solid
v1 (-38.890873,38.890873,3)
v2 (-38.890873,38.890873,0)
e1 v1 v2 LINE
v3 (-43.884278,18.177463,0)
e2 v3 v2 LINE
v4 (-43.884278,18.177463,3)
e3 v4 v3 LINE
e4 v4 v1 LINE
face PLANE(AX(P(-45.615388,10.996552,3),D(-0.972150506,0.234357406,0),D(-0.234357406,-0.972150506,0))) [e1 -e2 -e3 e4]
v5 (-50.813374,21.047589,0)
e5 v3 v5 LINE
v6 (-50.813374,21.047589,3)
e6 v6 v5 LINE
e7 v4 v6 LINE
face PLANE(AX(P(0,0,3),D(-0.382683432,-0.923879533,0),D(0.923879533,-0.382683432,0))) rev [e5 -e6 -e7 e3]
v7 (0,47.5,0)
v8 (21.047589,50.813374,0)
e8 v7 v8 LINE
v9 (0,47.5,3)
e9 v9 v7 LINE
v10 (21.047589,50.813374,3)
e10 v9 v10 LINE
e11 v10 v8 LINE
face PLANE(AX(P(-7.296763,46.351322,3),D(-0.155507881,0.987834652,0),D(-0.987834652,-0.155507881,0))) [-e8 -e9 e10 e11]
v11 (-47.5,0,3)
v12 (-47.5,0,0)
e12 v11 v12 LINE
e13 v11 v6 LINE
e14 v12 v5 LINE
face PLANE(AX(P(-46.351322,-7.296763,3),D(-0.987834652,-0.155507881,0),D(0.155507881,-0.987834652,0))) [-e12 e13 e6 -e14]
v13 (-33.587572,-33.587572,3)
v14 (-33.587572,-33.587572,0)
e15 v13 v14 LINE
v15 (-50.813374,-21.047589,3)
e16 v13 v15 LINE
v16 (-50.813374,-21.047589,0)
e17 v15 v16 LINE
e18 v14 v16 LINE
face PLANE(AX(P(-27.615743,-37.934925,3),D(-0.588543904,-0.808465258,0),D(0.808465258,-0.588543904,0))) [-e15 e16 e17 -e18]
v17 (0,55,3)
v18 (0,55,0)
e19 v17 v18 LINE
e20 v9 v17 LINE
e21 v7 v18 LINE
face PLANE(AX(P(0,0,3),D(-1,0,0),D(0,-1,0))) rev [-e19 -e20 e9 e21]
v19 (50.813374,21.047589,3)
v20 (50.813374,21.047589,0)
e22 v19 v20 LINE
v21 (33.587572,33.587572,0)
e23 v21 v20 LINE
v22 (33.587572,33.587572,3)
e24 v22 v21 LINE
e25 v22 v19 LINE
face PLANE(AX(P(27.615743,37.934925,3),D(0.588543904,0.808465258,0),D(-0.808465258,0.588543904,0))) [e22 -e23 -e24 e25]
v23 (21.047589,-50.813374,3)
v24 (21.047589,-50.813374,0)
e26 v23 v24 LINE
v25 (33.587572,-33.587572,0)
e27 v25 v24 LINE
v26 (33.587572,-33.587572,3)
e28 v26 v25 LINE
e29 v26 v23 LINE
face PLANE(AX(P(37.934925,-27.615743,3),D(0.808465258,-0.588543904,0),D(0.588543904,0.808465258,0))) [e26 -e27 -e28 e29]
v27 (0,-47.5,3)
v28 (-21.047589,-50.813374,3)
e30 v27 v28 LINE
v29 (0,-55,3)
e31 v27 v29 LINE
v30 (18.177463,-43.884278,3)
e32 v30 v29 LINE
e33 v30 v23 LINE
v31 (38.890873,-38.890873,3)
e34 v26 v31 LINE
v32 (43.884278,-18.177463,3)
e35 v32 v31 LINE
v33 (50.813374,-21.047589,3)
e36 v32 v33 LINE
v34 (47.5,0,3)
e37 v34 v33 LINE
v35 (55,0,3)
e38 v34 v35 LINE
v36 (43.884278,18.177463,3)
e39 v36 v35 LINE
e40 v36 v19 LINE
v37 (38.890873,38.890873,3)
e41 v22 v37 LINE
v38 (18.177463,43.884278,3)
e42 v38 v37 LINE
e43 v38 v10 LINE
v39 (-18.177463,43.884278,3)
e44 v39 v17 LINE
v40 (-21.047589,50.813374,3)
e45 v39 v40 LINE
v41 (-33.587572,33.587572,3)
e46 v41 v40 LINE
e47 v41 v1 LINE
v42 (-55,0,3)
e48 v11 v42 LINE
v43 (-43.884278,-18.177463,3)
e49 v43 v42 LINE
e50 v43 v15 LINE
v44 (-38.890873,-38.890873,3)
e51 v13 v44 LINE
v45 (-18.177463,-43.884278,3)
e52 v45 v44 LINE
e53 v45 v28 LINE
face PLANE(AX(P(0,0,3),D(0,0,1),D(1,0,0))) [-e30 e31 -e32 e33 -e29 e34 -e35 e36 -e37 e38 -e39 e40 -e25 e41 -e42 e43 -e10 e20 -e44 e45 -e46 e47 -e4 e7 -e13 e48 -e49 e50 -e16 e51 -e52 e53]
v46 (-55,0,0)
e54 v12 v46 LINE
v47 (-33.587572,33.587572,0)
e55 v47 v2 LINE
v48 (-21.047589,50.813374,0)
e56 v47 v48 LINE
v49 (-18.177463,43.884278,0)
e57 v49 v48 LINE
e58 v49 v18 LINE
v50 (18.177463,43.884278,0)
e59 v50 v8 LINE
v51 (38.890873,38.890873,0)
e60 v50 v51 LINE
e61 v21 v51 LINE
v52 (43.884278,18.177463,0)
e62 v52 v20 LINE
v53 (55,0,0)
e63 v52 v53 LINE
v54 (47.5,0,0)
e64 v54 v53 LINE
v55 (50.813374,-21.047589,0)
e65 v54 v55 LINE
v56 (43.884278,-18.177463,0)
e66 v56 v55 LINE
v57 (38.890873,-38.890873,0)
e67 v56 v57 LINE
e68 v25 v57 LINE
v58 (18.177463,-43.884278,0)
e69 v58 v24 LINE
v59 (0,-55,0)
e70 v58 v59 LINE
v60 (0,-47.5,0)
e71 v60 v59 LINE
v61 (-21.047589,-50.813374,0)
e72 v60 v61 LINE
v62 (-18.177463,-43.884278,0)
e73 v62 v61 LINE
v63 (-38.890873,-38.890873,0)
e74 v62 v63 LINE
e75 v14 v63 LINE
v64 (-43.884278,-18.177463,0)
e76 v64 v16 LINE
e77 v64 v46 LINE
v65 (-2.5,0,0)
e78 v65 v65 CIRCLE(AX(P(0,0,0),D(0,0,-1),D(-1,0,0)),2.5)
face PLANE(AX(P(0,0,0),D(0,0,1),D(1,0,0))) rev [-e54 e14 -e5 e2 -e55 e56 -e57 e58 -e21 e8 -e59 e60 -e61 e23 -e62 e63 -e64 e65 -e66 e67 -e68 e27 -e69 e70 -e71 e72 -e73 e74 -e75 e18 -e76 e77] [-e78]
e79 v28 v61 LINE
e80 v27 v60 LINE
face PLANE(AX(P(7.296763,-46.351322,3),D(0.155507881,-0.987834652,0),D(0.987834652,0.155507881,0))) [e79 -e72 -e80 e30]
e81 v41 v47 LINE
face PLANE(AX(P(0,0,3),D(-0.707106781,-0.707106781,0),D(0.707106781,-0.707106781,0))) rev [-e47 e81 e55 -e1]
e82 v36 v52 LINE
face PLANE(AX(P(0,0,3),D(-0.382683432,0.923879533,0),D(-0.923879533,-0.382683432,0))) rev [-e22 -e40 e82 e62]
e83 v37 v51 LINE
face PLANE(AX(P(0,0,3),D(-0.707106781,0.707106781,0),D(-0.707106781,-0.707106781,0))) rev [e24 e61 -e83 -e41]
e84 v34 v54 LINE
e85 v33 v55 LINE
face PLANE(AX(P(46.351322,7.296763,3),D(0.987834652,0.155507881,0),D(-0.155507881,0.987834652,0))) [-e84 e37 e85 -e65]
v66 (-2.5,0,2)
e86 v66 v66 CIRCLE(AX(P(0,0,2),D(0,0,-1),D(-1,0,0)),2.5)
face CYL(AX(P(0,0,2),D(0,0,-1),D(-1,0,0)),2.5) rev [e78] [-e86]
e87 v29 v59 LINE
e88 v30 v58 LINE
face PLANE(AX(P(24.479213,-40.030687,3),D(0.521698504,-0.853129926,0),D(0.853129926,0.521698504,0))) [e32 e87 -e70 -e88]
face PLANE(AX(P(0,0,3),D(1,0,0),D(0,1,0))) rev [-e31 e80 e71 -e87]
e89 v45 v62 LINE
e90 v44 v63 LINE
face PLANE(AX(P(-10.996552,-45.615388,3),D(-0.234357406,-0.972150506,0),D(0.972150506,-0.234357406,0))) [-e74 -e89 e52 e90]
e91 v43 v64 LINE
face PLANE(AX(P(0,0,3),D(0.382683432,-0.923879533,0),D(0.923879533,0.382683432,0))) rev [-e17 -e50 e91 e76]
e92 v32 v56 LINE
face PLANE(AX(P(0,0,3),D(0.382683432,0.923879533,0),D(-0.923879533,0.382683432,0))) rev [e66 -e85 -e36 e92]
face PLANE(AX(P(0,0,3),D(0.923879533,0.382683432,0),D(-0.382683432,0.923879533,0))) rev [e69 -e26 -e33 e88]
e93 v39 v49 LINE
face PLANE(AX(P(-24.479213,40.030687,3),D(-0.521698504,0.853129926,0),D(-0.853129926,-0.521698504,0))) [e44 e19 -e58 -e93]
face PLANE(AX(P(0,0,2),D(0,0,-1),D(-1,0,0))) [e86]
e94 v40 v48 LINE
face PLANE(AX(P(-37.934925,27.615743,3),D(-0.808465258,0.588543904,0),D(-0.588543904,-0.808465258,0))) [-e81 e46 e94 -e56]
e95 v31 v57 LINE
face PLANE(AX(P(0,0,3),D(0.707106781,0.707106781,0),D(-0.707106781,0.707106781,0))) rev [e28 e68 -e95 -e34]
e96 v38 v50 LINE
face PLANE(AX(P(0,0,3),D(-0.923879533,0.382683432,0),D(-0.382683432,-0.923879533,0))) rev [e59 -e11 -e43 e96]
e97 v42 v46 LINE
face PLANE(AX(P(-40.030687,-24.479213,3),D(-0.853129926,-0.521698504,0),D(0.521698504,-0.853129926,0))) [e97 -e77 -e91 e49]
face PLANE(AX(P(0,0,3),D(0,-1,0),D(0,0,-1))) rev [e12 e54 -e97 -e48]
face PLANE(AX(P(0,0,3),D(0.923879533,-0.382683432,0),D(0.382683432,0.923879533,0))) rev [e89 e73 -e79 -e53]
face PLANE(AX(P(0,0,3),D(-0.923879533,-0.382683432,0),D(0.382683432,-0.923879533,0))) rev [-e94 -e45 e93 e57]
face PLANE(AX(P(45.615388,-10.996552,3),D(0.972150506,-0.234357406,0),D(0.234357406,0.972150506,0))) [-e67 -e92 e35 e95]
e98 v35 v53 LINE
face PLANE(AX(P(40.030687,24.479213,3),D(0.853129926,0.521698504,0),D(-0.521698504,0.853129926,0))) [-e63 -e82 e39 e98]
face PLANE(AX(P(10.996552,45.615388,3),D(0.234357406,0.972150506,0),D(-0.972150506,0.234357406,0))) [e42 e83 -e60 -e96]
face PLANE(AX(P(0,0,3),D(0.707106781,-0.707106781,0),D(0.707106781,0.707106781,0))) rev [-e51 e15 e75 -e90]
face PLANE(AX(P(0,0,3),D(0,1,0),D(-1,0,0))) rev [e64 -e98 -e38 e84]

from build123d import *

# Parameters (mm, degrees)
SKETCH1_R           = 55
BOSS_EXTRUDE1_DEPTH = 3
CUT_EXTRUDE1_DEPTH  = 3
SKETCH3_R           = 2.5
CUT_EXTRUDE2_DEPTH  = 2


with BuildPart() as part:
    # Sketch1 → Boss-Extrude1 (new body)
    with BuildSketch(Plane.XY):
        Circle(SKETCH1_R)
    extrude(amount=BOSS_EXTRUDE1_DEPTH)

    # Sketch2 → Cut-Extrude1 (cut)
    with BuildSketch(Plane(origin=(0, 0, 0), x_dir=(-1, 0, 0), z_dir=(0, 0, -1))):
        with BuildLine():
            Line((43.884277794, 18.177463037), (50.813374288, 21.04758878))
            ThreePointArc((50.813374288, 21.04758878), (45.730828677, 30.556362816), (38.890872965, 38.890872965))
            Line((38.890872965, 38.890872965), (43.884277794, 18.177463037))
        make_face()
        with BuildLine():
            Line((33.587572106, 33.587572106), (38.890872965, 38.890872965))
            ThreePointArc((38.890872965, 38.890872965), (30.556362816, 45.730828677), (21.04758878, 50.813374288))
            Line((21.04758878, 50.813374288), (33.587572106, 33.587572106))
        make_face()
        with BuildLine():
            Line((18.177463037, 43.884277794), (21.04758878, 50.813374288))
            ThreePointArc((21.04758878, 50.813374288), (10.729967711, 53.943190422), (0, 55))
            Line((0, 55), (18.177463037, 43.884277794))
        make_face()
        with BuildLine():
            Line((0, 47.5), (0, 55))
            ThreePointArc((0, 55), (-10.729967711, 53.943190422), (-21.04758878, 50.813374288))
            Line((-21.04758878, 50.813374288), (0, 47.5))
        make_face()
        with BuildLine():
            Line((-18.177463037, 43.884277794), (-21.04758878, 50.813374288))
            ThreePointArc((-21.04758878, 50.813374288), (-30.556362816, 45.730828677), (-38.890872965, 38.890872965))
            Line((-38.890872965, 38.890872965), (-18.177463037, 43.884277794))
        make_face()
        with BuildLine():
            Line((-33.587572106, 33.587572106), (-38.890872965, 38.890872965))
            ThreePointArc((-38.890872965, 38.890872965), (-45.730828677, 30.556362816), (-50.813374288, 21.04758878))
            Line((-50.813374288, 21.04758878), (-33.587572106, 33.587572106))
        make_face()
        with BuildLine():
            Line((-43.884277794, 18.177463037), (-50.813374288, 21.04758878))
            ThreePointArc((-50.813374288, 21.04758878), (-53.943190422, 10.729967711), (-55, 0))
            Line((-55, 0), (-43.884277794, 18.177463037))
        make_face()
        with BuildLine():
            ThreePointArc((-55, 0), (-53.943190422, -10.729967711), (-50.813374288, -21.04758878))
            Line((-50.813374288, -21.04758878), (-47.5, 0))
            Line((-47.5, 0), (-55, 0))
        make_face()
        with BuildLine():
            ThreePointArc((-50.813374288, -21.04758878), (-45.730828677, -30.556362816), (-38.890872965, -38.890872965))
            Line((-38.890872965, -38.890872965), (-43.884277794, -18.177463037))
            Line((-43.884277794, -18.177463037), (-50.813374288, -21.04758878))
        make_face()
        with BuildLine():
            ThreePointArc((-38.890872965, -38.890872965), (-30.556362816, -45.730828677), (-21.04758878, -50.813374288))
            Line((-21.04758878, -50.813374288), (-33.587572106, -33.587572106))
            Line((-33.587572106, -33.587572106), (-38.890872965, -38.890872965))
        make_face()
        with BuildLine():
            ThreePointArc((-21.04758878, -50.813374288), (-10.729967711, -53.943190422), (0, -55))
            Line((0, -55), (-18.177463037, -43.884277794))
            Line((-18.177463037, -43.884277794), (-21.04758878, -50.813374288))
        make_face()
        with BuildLine():
            ThreePointArc((0, -55), (10.729967711, -53.943190422), (21.04758878, -50.813374288))
            Line((21.04758878, -50.813374288), (0, -47.5))
            Line((0, -47.5), (0, -55))
        make_face()
        with BuildLine():
            ThreePointArc((21.04758878, -50.813374288), (30.556362816, -45.730828677), (38.890872965, -38.890872965))
            Line((38.890872965, -38.890872965), (18.177463037, -43.884277794))
            Line((18.177463037, -43.884277794), (21.04758878, -50.813374288))
        make_face()
        with BuildLine():
            ThreePointArc((38.890872965, -38.890872965), (45.730828677, -30.556362816), (50.813374288, -21.04758878))
            Line((50.813374288, -21.04758878), (33.587572106, -33.587572106))
            Line((33.587572106, -33.587572106), (38.890872965, -38.890872965))
        make_face()
        with BuildLine():
            ThreePointArc((50.813374288, -21.04758878), (53.943190422, -10.729967711), (55, 0))
            Line((55, 0), (43.884277794, -18.177463037))
            Line((43.884277794, -18.177463037), (50.813374288, -21.04758878))
        make_face()
        with BuildLine():
            Line((50.813374288, 21.04758878), (47.5, 0))
            Line((47.5, 0), (55, 0))
            ThreePointArc((55, 0), (53.943190422, 10.729967711), (50.813374288, 21.04758878))
        make_face()
    extrude(amount=-CUT_EXTRUDE1_DEPTH, mode=Mode.SUBTRACT)

    # Sketch3 → Cut-Extrude2 (cut)
    with BuildSketch(Plane(origin=(0, 0, 0), x_dir=(-1, 0, 0), z_dir=(0, 0, -1))):
        Circle(SKETCH3_R)
    extrude(amount=-CUT_EXTRUDE2_DEPTH, mode=Mode.SUBTRACT)


solid = part.part
